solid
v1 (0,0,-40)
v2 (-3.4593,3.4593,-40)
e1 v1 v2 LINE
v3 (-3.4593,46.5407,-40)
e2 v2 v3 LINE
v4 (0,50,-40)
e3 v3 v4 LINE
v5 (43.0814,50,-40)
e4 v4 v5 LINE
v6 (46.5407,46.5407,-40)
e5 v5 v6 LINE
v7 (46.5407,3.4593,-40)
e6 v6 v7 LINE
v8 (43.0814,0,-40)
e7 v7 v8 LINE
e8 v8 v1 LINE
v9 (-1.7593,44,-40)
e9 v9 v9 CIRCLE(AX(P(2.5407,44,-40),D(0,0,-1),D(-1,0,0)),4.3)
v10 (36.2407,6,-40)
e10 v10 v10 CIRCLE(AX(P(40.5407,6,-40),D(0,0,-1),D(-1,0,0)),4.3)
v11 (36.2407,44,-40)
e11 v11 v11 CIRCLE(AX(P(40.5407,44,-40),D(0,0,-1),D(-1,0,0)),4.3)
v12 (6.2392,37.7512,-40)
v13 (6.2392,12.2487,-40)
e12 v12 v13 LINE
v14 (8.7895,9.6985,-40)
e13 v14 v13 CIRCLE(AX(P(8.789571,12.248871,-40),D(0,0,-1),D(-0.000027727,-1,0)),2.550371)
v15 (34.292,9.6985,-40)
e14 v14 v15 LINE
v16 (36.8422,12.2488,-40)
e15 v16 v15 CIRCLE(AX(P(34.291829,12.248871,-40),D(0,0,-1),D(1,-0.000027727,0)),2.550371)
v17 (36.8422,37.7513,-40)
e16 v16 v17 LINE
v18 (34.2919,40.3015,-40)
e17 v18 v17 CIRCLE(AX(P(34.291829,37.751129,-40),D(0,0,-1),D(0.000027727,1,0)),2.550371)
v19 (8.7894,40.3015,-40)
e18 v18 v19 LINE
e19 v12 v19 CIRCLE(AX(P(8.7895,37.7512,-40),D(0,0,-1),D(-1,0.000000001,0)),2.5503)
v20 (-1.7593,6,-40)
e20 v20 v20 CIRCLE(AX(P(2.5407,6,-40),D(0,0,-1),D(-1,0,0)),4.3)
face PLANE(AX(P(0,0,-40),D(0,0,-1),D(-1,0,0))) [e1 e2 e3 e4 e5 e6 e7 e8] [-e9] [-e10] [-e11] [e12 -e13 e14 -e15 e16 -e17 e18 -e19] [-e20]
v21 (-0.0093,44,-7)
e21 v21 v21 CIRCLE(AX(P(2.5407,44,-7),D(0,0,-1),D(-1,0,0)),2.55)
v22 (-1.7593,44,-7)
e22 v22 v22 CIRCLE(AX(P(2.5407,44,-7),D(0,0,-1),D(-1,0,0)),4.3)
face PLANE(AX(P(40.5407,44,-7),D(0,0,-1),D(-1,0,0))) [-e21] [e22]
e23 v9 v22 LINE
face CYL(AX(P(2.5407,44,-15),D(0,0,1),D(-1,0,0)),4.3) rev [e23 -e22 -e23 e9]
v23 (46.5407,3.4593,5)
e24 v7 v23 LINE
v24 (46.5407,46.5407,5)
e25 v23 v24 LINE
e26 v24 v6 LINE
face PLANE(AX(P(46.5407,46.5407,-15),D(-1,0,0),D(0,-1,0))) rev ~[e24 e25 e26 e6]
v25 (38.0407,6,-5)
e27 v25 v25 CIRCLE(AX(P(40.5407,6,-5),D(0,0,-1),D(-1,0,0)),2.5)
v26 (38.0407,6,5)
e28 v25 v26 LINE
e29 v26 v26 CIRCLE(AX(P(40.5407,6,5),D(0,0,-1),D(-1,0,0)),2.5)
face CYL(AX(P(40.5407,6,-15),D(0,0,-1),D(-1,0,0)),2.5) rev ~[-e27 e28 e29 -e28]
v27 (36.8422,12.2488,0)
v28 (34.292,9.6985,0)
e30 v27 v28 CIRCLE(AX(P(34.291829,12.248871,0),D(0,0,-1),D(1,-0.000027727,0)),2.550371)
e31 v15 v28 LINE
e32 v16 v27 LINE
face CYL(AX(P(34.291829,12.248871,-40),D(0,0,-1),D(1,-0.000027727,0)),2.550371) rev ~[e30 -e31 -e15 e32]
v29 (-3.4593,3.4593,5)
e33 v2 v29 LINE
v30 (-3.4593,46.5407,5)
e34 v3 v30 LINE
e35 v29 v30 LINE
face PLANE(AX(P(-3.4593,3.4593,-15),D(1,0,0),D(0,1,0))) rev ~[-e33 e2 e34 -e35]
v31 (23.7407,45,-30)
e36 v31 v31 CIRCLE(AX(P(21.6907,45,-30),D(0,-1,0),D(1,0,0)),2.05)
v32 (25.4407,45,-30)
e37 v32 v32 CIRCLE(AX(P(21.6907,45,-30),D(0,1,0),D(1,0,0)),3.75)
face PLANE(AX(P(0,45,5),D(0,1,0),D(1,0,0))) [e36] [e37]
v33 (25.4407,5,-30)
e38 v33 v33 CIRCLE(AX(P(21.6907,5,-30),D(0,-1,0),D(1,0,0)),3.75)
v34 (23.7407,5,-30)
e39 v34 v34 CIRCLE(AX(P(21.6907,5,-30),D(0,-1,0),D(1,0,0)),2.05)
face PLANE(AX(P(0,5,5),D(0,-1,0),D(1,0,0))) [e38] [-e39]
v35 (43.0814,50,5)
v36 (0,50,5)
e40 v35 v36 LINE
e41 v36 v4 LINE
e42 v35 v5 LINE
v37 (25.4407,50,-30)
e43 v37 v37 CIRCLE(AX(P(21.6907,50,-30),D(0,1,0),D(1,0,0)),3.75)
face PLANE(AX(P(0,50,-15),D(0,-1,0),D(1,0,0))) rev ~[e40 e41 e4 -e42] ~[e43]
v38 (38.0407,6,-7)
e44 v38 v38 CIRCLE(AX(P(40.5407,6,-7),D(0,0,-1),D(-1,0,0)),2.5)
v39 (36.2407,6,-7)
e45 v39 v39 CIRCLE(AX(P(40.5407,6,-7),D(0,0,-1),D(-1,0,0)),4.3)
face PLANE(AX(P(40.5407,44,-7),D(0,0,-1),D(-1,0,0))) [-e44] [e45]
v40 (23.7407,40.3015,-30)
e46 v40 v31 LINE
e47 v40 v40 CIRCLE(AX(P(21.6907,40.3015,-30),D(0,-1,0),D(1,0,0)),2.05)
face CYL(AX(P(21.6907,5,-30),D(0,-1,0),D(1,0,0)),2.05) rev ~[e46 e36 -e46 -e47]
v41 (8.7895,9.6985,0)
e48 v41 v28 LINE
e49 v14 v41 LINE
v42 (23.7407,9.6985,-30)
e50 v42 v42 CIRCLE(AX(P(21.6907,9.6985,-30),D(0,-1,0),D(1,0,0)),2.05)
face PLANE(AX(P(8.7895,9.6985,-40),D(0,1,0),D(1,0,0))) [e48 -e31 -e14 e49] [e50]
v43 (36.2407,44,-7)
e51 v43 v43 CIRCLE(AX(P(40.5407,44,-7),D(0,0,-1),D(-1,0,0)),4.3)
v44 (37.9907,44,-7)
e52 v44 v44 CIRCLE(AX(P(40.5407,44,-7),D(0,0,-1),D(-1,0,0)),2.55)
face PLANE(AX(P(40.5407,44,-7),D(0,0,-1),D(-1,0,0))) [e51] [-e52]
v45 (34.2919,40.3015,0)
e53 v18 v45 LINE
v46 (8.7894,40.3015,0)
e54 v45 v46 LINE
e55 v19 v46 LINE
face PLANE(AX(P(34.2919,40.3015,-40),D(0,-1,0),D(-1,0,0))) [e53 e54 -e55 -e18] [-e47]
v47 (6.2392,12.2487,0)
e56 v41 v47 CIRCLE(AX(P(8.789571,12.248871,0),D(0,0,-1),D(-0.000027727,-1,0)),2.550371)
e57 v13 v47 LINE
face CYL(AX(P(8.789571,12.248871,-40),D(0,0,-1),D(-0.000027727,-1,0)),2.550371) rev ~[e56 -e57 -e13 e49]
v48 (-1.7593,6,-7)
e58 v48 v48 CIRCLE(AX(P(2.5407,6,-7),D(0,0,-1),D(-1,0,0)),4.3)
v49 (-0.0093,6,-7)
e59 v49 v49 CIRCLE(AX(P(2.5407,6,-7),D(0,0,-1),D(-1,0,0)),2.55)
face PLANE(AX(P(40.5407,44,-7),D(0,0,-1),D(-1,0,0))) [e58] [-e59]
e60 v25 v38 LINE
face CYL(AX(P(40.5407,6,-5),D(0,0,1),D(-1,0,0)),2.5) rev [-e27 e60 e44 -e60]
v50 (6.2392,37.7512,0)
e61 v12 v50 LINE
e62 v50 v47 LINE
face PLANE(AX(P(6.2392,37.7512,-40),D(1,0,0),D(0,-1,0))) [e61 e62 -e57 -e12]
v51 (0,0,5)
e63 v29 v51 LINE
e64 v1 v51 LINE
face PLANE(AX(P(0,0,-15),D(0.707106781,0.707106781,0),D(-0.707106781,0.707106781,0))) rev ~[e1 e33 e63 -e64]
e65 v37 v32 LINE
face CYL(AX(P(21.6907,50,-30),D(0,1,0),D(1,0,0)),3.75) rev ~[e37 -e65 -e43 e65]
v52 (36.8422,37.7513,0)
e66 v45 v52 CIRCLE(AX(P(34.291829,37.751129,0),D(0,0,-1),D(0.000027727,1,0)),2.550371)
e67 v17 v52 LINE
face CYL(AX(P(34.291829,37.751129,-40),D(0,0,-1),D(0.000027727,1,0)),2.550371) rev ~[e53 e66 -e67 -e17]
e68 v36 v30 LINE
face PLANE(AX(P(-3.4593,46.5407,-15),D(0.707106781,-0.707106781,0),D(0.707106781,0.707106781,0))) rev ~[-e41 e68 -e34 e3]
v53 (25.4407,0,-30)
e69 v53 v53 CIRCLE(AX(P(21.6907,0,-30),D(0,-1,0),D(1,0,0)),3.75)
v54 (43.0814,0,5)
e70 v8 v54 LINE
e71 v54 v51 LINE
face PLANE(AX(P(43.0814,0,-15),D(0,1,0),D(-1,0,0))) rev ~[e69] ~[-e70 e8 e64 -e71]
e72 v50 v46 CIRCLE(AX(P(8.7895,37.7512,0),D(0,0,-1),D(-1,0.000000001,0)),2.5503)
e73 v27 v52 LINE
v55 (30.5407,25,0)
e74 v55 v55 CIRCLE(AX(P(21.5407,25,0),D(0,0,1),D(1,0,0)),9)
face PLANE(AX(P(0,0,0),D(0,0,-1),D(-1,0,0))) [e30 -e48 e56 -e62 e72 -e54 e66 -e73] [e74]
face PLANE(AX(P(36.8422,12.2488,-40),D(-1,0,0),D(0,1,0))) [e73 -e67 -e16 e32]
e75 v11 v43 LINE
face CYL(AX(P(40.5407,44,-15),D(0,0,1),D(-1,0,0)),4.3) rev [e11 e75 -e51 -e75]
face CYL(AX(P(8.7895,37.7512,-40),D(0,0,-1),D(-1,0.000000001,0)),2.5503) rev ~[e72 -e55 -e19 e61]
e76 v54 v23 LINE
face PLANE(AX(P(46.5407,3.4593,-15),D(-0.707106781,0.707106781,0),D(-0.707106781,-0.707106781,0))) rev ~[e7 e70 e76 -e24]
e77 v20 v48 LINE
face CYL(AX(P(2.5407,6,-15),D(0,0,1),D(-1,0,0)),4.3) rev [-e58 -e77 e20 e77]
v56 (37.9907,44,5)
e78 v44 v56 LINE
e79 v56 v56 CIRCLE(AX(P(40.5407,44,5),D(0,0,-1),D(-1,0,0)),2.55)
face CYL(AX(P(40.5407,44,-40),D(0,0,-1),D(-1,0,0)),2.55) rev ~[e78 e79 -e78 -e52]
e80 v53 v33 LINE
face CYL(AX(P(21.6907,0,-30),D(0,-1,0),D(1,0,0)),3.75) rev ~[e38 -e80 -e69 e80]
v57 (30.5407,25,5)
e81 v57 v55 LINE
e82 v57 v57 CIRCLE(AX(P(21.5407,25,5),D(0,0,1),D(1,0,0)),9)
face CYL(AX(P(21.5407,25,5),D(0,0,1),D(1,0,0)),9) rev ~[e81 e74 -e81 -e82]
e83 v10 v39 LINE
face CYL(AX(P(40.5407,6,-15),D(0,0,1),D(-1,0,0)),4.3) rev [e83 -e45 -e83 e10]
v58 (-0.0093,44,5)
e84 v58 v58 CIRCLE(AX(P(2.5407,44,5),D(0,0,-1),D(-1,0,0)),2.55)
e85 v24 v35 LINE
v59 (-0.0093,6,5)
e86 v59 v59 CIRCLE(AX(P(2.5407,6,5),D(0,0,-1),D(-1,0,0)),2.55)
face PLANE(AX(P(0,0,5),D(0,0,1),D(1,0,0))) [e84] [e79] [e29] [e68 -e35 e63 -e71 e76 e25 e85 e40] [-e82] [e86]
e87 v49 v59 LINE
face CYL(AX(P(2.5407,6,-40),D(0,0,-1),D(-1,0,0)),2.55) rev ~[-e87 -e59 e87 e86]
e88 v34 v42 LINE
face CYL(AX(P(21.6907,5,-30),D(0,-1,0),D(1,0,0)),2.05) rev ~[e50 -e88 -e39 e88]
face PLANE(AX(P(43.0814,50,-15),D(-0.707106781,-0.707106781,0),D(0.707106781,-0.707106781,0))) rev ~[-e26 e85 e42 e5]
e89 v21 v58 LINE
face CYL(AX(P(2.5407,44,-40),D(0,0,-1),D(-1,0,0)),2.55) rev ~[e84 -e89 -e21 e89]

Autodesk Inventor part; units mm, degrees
ref_plane "YZ Plane" through (0, 0, 0) normal (1, 0, 0) x (0, 1, 0)
ref_plane "XZ Plane" through (0, 0, 0) normal (0, 1, 0) x (-1, 0, 0)
ref_plane "XY Plane" through (0, 0, 0) normal (0, 0, 1) x (1, 0, 0)
sketch "Sketch11" plane through (0, 0, 0) normal (0, 0, 1) x (1, 0, 0)
  line L0 (-3.4593, 3.4593) -> (0, 0)
  line L1 (-3.4593, 3.4593) -> (-3.4593, 46.5407)
  line L2 (0, 50) -> (-3.4593, 46.5407)
  line L3 (43.0814, 50) -> (0, 50)
  line L4 (46.5407, 46.5407) -> (43.0814, 50)
  line L5 (46.5407, 3.4593) -> (46.5407, 46.5407)
  line L6 (43.0814, 0) -> (46.5407, 3.4593)
  line L7 (43.0814, 0) -> (0, 0)
extrude "Extrusion8" add sketch "Sketch11" along normal blind 5
sketch "Sketch16" plane through (0, 0, 0) normal (0, 0, -1) x (-1, 0, 0)
  line L0 (-27.0407, 40) -> (-34.0407, 40)
  line L1 (-36.5407, 37.5) -> (-36.5407, 30.5)
  arc A0 (-34.0407, 40) -> (-36.5407, 37.5) centre (-34.0407, 37.5) ccw
  line L2 (-9.0407, 40) -> (-16.0407, 40)
  arc A1 (-6.5407, 37.5) -> (-9.0407, 40) centre (-9.0407, 37.5) ccw
  line L3 (-6.5407, 30.5) -> (-6.5407, 37.5)
  line L4 (-6.5407, 12.5) -> (-6.5407, 19.5)
  arc A2 (-9.0407, 10) -> (-6.5407, 12.5) centre (-9.0407, 12.5) ccw
  line L5 (-16.0407, 10) -> (-9.0407, 10)
  line L6 (-34.0407, 10) -> (-27.0407, 10)
  arc A3 (-36.5407, 12.5) -> (-34.0407, 10) centre (-34.0407, 12.5) ccw
  line L7 (-36.5407, 19.5) -> (-36.5407, 12.5)
  line L8 (0, 50) -> (3.4593, 46.5407) projected
  line L9 (-43.0814, 0) -> (-46.5407, 3.4593) projected
  line L10 (-46.5407, 46.5407) -> (-43.0814, 50) projected
  line L11 (-43.0814, 0) -> (-43.0814, 50)
  line L12 (3.4593, 3.4593) -> (0, 0) projected
  line L13 (-6.5407, 30.5) -> (-6.5407, 19.5)
  line L14 (-16.0407, 40) -> (-27.0407, 40)
  line L15 (-36.5407, 30.5) -> (-36.5407, 19.5)
  line L16 (-27.0407, 10) -> (-16.0407, 10)
  circle A4 centre (-2.5407, 44) radius 2.5
  circle A5 centre (-40.5407, 6) radius 2.5
  circle A6 centre (-2.5407, 6) radius 2.5
  circle A7 centre (-40.5407, 44) radius 2.5
  line L17 (0, 50) -> (3.4593, 46.5407)
  line L18 (3.4593, 46.5407) -> (3.4593, 3.4593) projected
  line L19 (0, 0) -> (-43.0814, 0) projected
  line L20 (3.4593, 3.4593) -> (0, 0)
  line L21 (0, 0) -> (-43.0814, 0)
  line L22 (-43.0814, 0) -> (-46.5407, 3.4593) projected
  line L23 (-43.0814, 0) -> (-46.5407, 3.4593)
  line L24 (-46.5407, 3.4593) -> (-46.5407, 46.5407) projected
  line L25 (-46.5407, 3.4593) -> (-46.5407, 46.5407)
  line L26 (-46.5407, 46.5407) -> (-43.0814, 50)
  line L27 (0, 50) -> (-43.0814, 50) projected
  line L28 (0, 50) -> (-43.0814, 50)
  dimension "d44" = 5
  dimension "d45" = 5
  dimension "d46" = 5
  dimension "d47" = 5
extrude "Extrusion11" add sketch "Sketch16" along normal blind 15
sketch "Sketch18" plane through (0, 0, -15) normal (0, 0, -1) x (-1, 0, 0)
  circle A0 centre (-2.5407, 6) radius 2.5 projected
  circle A1 centre (-2.5407, 6) radius 2.5
  circle A2 centre (-40.5407, 6) radius 2.5 projected
  circle A3 centre (-40.5407, 6) radius 2.5
  circle A4 centre (-40.5407, 44) radius 2.5 projected
  circle A5 centre (-40.5407, 44) radius 2.5
  circle A6 centre (-2.5407, 44) radius 2.5 projected
  circle A7 centre (-2.5407, 44) radius 2.5
  point P0 (0, 0)
extrude "Extrusion12" cut sketch "Sketch18" against normal blind 100
sketch "Sketch19" plane through (0, 0, -15) normal (0, 0, -1) x (-1, 0, 0)
  circle A0 centre (-2.5407, 6) radius 2.5 projected
  circle A1 centre (-2.5407, 6) radius 4.3
  circle A2 centre (-40.5407, 6) radius 2.5 projected
  circle A3 centre (-40.5407, 6) radius 4.3
  circle A4 centre (-2.5407, 44) radius 2.5 projected
  circle A5 centre (-2.5407, 44) radius 4.3
  circle A6 centre (-40.5407, 44) radius 2.5 projected
  circle A7 centre (-40.5407, 44) radius 4.3
  point P0 (0, 0)
  dimension "d54" = 8.6
  dimension "d55" = 8.6
  dimension "d56" = 8.6
  dimension "d57" = 8.6
extrude "Extrusion13" cut sketch "Sketch19" against normal blind 10 contours A0 | A1 | A2 | A3 | A5 | A6 | A7
sketch "Sketch20" plane through (0, 0, -15) normal (0, 0, -1) x (-1, 0, 0)
  line L0 (0, 50) -> (-43.0814, 50) projected
  line L1 (-43.0814, 50) -> (-46.5407, 46.5407) projected
  line L2 (-46.5407, 46.5407) -> (-46.5407, 3.4593) projected
  line L3 (-46.5407, 3.4593) -> (-43.0814, 0) projected
  line L4 (-43.0814, 0) -> (0, 0) projected
  line L5 (0, 0) -> (3.4593, 3.4593) projected
  line L6 (3.4593, 3.4593) -> (3.4593, 46.5407) projected
  line L7 (3.4593, 46.5407) -> (0, 50) projected
  circle A0 centre (-2.5407, 44) radius 4.3 projected
  circle A1 centre (-40.5407, 44) radius 4.3 projected
  circle A2 centre (-40.5407, 6) radius 4.3 projected
  circle A3 centre (-2.5407, 6) radius 4.3 projected
  arc A4 (-9.0407, 10) -> (-6.5407, 12.5) centre (-9.0407, 12.5) ccw projected
  line L8 (-9.0407, 10) -> (-34.0407, 10) projected
  line L9 (-36.5407, 12.5) -> (-36.5407, 37.5) projected
  arc A5 (-36.5407, 12.5) -> (-34.0407, 10) centre (-34.0407, 12.5) ccw projected
  line L10 (-6.5407, 37.5) -> (-6.5407, 12.5) projected
  arc A6 (-6.5407, 37.5) -> (-9.0407, 40) centre (-9.0407, 37.5) ccw projected
  line L11 (-34.0407, 40) -> (-9.0407, 40) projected
  arc A7 (-34.0407, 40) -> (-36.5407, 37.5) centre (-34.0407, 37.5) ccw projected
extrude "Extrusion14" add sketch "Sketch20" along normal blind 25
sketch "Sketch21" plane through (0, 50, 5) normal (0, 1, 0) x (1, 0, 0)
  line L0 (-1.7593, 45) -> (6.8407, 45) projected
  circle A0 centre (21.6907, 35) radius 2
  dimension "d63" = 4
extrude "Extrusion15" cut sketch "Sketch21" against normal blind 500
sketch "Sketch22" plane through (0, 50, 5) normal (0, 1, 0) x (1, 0, 0)
  circle A0 centre (21.6907, 35) radius 2 projected
  circle A1 centre (21.6907, 35) radius 3.75
  point P0 (0, 5)
  dimension "d67" = 7.5
extrude "Extrusion16" cut sketch "Sketch22" against normal blind 5 contours A0 | A1
sketch "Sketch23" plane through (0, 0, 5) normal (0, -1, 0) x (1, 0, 0)
  circle A0 centre (21.6907, -35) radius 2 projected
  circle A1 centre (21.6907, -35) radius 3.75
  point P0 (0, -5)
  dimension "d70" = 7.5
extrude "Extrusion17" cut sketch "Sketch23" against normal blind 5
sketch "Sketch25" plane through (0, 0, 5) normal (0, 0, 1) x (1, 0, 0)
  circle A0 centre (2.5407, 6) radius 2.5 projected
  circle A1 centre (40.5407, 44) radius 2.5 projected
  circle A2 centre (2.5407, 44) radius 2.5 projected
  circle A3 centre (40.5407, 6) radius 4.3 projected
  circle A4 centre (21.5407, 25) radius 9
  point P0 (0, 0)
  dimension "d75" = 18
extrude "Extrusion18" cut sketch "Sketch25" against normal blind 20 contours A4
sketch "Sketch26" plane through (0, 0, -40) normal (0, 0, -1) x (-1, 0, 0)
  circle A0 centre (-21.5407, 25) radius 9 projected
  arc A1 (-6.5407, 37.5) -> (-9.0407, 40) centre (-9.0407, 37.5) ccw projected
  line L0 (-9.0407, 40) -> (-34.0407, 40) projected
  arc A2 (-34.0407, 40) -> (-36.5407, 37.5) centre (-34.0407, 37.5) ccw projected
  line L1 (-36.5407, 37.5) -> (-36.5407, 12.5) projected
  arc A3 (-36.5407, 12.5) -> (-34.0407, 10) centre (-34.0407, 12.5) ccw projected
  line L2 (-34.0407, 10) -> (-9.0407, 10) projected
  arc A4 (-9.0407, 10) -> (-6.5407, 12.5) centre (-9.0407, 12.5) ccw projected
  line L3 (-6.5407, 12.5) -> (-6.5407, 37.5) projected
  circle A5 centre (-21.5407, 25) radius 9.144
  arc A6 (-6.3007, 37.7) -> (-8.8407, 40.24) centre (-8.8407, 37.7) ccw
  line L4 (-8.8407, 40.24) -> (-34.2407, 40.24)
  arc A7 (-34.2407, 40.24) -> (-36.7807, 37.7) centre (-34.2407, 37.7) ccw
  line L5 (-36.7807, 37.7) -> (-36.7807, 12.3)
  arc A8 (-36.7807, 12.3) -> (-34.2407, 9.76) centre (-34.2407, 12.3) ccw
  line L6 (-34.2407, 9.76) -> (-8.8407, 9.76)
  arc A9 (-8.8407, 9.76) -> (-6.3007, 12.3) centre (-8.8407, 12.3) ccw
  line L7 (-6.3007, 12.3) -> (-6.3007, 37.7)
  point P0 (0, 0)
extrude "Extrusion19" cut sketch "Sketch26" against normal blind 40 contours L7 A9 L6 A8 L5 A7 L4 A6
sketch "Sketch27" plane through (40.5407, 44, -5) normal (0, 0, -1) x (-1, 0, 0)
  circle A0 centre (38, -38) radius 2.5 projected
  circle A1 centre (38, -38) radius 4.3 projected
  circle A2 centre (0, -38) radius 2.5 projected
  circle A3 centre (0, -38) radius 4.3 projected
  circle A4 centre (0, 0) radius 2.5 projected
  circle A5 centre (0, 0) radius 4.3 projected
  circle A6 centre (38, 0) radius 4.3 projected
  circle A7 centre (38, 0) radius 2.5 projected
  point P0 (40.5407, -44)
extrude "Extrusion20" add sketch "Sketch27" along normal blind 2
sketch "Sketch28" plane through (0, 0, -40) normal (0, 0, -1) x (-1, 0, 0)
  arc A0 (-34.2407, 40.24) -> (-36.7807, 37.7) centre (-34.2407, 37.7) ccw projected
  line L0 (-34.2407, 40.24) -> (-8.8407, 40.24) projected
  arc A1 (-6.3007, 37.7) -> (-8.8407, 40.24) centre (-8.8407, 37.7) ccw projected
  line L1 (-6.3007, 37.7) -> (-6.3007, 12.3) projected
  arc A2 (-8.8407, 9.76) -> (-6.3007, 12.3) centre (-8.8407, 12.3) ccw projected
  line L2 (-8.8407, 9.76) -> (-34.2407, 9.76) projected
  arc A3 (-36.7807, 12.3) -> (-34.2407, 9.76) centre (-34.2407, 12.3) ccw projected
  line L3 (-36.7807, 12.3) -> (-36.7807, 37.7) projected
  line L4 (-43.0814, 50) -> (-46.5407, 46.5407) projected
  line L5 (-46.5407, 46.5407) -> (-46.5407, 3.4593) projected
  line L6 (-46.5407, 3.4593) -> (-43.0814, 0) projected
  line L7 (-43.0814, 0) -> (0, 0) projected
  line L8 (0, 0) -> (3.4593, 3.4593) projected
  line L9 (3.4593, 3.4593) -> (3.4593, 46.5407) projected
  line L10 (3.4593, 46.5407) -> (0, 50) projected
  line L11 (0, 50) -> (-43.0814, 50) projected
  circle A4 centre (-2.5407, 6) radius 4.3 projected
  circle A5 centre (-40.5407, 6) radius 4.3 projected
  circle A6 centre (-40.5407, 44) radius 4.3 projected
  circle A7 centre (-2.5407, 44) radius 4.3 projected
  arc A8 (-34.124, 40.1) -> (-36.6407, 37.5833) centre (-34.124, 37.5833) ccw
  line L12 (-34.124, 40.1) -> (-8.9574, 40.1)
  arc A9 (-6.4407, 37.5833) -> (-8.9574, 40.1) centre (-8.9574, 37.5833) ccw
  line L13 (-6.4407, 37.5833) -> (-6.4407, 12.4167)
  arc A10 (-8.9574, 9.9) -> (-6.4407, 12.4167) centre (-8.9574, 12.4167) ccw
  line L14 (-8.9574, 9.9) -> (-34.124, 9.9)
  arc A11 (-36.6407, 12.4167) -> (-34.124, 9.9) centre (-34.124, 12.4167) ccw
  line L15 (-36.6407, 12.4167) -> (-36.6407, 37.5833)
  circle A12 centre (-21.5407, 25) radius 9 projected
  circle A13 centre (-21.5407, 25) radius 8.9173
extrude "Extrusion21" add sketch "Sketch28" against normal blind 40 contours L0 A1 L1 A2 L2 A3 L3 A0
sketch "Sketch29" plane through (21.6907, 5, -30) normal (0, -1, 0) x (1, 0, 0)
  circle A0 centre (0, 0) radius 2 projected
  circle A1 centre (0, 0) radius 2.05
  point P0 (-21.6907, 30)
  dimension "d86" = 4.1
extrude "Extrusion22" cut sketch "Sketch29" against normal blind 100 contours A0 | A1
sketch "Sketch30" plane through (0, 0, -40) normal (0, 0, -1) x (-1, 0, 0)
  circle A0 centre (-2.5407, 44) radius 2.5 projected
  circle A1 centre (-2.5407, 44) radius 2.55
  circle A2 centre (-2.5407, 6) radius 4.3 projected
  circle A3 centre (-2.5407, 6) radius 2.55
  circle A4 centre (-40.5407, 6) radius 2.5 projected
  circle A5 centre (-40.5407, 6) radius 2.55
  circle A6 centre (-40.5407, 44) radius 2.5 projected
  circle A7 centre (-40.5407, 44) radius 2.55
  point P0 (0, 0)
  dimension "d89" = 5.1
  dimension "d90" = 5.1
  dimension "d91" = 5.1
  dimension "d92" = 5.1
extrude "Extrusion23" cut sketch "Sketch30" against normal blind 100 contours A0 | A1 | A3 | A4 | A6 | A7
sketch "Sketch31" plane through (0, 0, -40) normal (0, 0, -1) x (-1, 0, 0)
  arc A0 (-34.2919, 40.3015) -> (-36.8422, 37.7513) centre (-34.2919, 37.7513) ccw
  line L0 (-34.2919, 40.3015) -> (-8.7894, 40.3015)
  arc A1 (-6.2392, 37.7512) -> (-8.7894, 40.3015) centre (-8.7895, 37.7512) ccw
  line L1 (-6.2392, 37.7512) -> (-6.2392, 12.2487)
  arc A2 (-8.7895, 9.6985) -> (-6.2392, 12.2487) centre (-8.7895, 12.2487) ccw
  line L2 (-8.7895, 9.6985) -> (-34.292, 9.6985)
  arc A3 (-36.8422, 12.2488) -> (-34.292, 9.6985) centre (-34.292, 12.2488) ccw
  line L3 (-36.8422, 12.2488) -> (-36.8422, 37.7513)
  circle A4 centre (-21.5407, 25) radius 9 projected
  circle A5 centre (-21.5407, 25) radius 1
  point P0 (0, 0)
  dimension "d95" = 2
extrude "Extrusion24" cut sketch "Sketch31" against normal blind 40 contours L0 A1 L1 A2 L2 A3 L3 A0 | A4 | A5
